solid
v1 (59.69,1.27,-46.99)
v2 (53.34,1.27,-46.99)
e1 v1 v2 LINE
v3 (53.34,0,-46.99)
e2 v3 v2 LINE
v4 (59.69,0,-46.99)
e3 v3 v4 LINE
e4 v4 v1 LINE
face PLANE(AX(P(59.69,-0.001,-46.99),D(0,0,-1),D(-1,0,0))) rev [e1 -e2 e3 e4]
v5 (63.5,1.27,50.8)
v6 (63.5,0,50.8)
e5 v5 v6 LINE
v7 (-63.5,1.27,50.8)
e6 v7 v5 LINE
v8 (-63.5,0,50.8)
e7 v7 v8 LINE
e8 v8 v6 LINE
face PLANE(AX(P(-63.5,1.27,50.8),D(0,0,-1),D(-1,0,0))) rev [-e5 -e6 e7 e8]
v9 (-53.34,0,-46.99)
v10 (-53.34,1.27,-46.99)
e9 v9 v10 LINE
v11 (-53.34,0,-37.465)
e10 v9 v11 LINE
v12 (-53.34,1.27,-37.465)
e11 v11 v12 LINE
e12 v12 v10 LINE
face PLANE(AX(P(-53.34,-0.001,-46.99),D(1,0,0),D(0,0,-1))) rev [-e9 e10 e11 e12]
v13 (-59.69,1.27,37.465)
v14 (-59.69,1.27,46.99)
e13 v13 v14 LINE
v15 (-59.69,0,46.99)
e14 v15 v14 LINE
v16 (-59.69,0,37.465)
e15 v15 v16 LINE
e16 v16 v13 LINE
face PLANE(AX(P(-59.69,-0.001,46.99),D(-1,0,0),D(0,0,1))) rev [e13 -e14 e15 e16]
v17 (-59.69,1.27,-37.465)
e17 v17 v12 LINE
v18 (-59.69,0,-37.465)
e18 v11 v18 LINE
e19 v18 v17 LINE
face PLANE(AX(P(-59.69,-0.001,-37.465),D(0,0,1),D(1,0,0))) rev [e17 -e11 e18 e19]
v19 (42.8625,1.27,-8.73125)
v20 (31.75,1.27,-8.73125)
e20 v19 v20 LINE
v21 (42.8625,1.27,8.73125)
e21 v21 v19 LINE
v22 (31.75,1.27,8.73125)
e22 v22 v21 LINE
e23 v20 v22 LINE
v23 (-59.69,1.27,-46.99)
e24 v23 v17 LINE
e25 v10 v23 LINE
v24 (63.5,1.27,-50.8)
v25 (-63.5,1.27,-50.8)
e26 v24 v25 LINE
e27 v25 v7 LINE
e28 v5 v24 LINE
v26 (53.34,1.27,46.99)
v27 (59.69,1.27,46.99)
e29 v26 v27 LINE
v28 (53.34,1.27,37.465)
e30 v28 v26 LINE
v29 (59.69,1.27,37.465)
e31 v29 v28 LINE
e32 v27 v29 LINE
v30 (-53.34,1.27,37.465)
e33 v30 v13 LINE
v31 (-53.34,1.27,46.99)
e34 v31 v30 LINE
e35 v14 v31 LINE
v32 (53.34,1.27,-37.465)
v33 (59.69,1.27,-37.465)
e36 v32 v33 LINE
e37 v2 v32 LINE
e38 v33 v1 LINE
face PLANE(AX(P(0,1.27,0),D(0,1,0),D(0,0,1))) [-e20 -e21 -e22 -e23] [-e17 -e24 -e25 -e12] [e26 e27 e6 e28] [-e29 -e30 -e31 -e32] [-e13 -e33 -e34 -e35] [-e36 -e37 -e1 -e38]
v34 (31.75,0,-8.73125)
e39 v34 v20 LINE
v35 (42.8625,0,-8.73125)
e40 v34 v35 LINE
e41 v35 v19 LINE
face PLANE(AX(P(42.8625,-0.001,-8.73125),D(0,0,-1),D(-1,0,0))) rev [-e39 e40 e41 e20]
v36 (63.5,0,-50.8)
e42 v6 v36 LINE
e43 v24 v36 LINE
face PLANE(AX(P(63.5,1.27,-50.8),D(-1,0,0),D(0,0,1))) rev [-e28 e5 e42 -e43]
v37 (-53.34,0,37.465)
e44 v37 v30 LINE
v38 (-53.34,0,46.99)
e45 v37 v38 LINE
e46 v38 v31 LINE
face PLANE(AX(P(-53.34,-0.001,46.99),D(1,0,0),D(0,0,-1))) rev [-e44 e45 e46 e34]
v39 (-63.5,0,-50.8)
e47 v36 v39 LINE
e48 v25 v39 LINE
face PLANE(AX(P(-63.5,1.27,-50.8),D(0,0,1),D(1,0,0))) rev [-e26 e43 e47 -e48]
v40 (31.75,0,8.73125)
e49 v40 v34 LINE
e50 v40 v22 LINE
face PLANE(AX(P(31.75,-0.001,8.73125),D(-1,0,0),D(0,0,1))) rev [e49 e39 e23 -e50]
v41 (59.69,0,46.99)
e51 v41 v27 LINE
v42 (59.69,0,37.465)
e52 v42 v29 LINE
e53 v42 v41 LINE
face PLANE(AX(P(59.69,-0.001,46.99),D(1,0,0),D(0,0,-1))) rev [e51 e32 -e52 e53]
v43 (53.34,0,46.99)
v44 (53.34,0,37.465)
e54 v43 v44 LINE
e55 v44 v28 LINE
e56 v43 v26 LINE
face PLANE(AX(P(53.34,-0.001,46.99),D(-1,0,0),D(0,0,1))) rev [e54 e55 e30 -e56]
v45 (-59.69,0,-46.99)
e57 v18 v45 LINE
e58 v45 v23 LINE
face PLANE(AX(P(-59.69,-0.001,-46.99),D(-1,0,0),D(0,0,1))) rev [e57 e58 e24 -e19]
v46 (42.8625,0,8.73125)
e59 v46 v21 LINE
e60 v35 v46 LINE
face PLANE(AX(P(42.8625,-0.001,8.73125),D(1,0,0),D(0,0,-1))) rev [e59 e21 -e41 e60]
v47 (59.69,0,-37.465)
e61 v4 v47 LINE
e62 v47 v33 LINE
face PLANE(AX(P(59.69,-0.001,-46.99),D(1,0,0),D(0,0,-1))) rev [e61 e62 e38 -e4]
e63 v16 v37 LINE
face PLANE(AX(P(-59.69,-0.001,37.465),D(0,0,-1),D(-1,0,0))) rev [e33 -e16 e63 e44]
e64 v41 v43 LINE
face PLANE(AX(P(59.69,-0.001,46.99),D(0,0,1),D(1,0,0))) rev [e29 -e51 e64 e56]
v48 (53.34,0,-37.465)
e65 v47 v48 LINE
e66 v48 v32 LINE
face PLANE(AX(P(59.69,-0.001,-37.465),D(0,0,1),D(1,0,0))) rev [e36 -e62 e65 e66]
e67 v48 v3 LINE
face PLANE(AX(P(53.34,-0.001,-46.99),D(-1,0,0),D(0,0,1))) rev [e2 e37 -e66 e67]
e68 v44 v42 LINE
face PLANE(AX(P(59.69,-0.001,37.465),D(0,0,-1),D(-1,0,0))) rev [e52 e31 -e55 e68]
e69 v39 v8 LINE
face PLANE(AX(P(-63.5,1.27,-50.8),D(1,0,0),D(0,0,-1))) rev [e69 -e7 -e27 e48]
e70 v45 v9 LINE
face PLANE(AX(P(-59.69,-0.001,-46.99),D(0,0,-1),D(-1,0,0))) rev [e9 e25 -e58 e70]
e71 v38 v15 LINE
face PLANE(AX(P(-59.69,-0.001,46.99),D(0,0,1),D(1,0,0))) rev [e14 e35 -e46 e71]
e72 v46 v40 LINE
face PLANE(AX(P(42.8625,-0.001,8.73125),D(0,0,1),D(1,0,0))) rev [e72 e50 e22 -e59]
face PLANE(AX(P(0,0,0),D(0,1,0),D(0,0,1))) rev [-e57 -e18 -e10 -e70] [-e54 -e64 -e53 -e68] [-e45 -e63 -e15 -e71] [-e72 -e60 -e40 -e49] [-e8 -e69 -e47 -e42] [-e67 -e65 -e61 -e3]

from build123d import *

# Parameters (mm, degrees)
SKETCH1_W           = 127
SKETCH1_H           = 101.6
BOSS_EXTRUDE1_DEPTH = 1.27
CUT_EXTRUDE1_REACH  = 83.33
SKETCH2_W           = 6.35
SKETCH2_H           = 9.525
CUT_EXTRUDE2_REACH  = 83.33
SKETCH3_W           = 11.1125
SKETCH3_H           = 17.4625


with BuildPart() as part:
    # Sketch1 → Boss-Extrude1 (new body)
    with BuildSketch(Plane(origin=(0, 0, 0), x_dir=(1, 0, 0), z_dir=(0, 1, 0))):
        Rectangle(SKETCH1_W, SKETCH1_H)
    extrude(amount=BOSS_EXTRUDE1_DEPTH)

    # Sketch2 → Cut-Extrude1 (cut, up to next)
    with BuildSketch(Plane(origin=(0, 1.27, 0), x_dir=(1, 0, 0), z_dir=(0, 1, 0)), mode=Mode.PRIVATE) as cut_extrude1_sk1:
        with Locations((-56.515, 42.2275)):
            Rectangle(SKETCH2_W, SKETCH2_H)
    cut_extrude1_tool1 = extrude(cut_extrude1_sk1.sketch, amount=-CUT_EXTRUDE1_REACH, mode=Mode.PRIVATE) & part.part
    # Sketch2 → Cut-Extrude1 (cut, up to next)
    with BuildSketch(Plane(origin=(0, 1.27, 0), x_dir=(1, 0, 0), z_dir=(0, 1, 0)), mode=Mode.PRIVATE) as cut_extrude1_sk2:
        with Locations((56.515, 42.2275)):
            Rectangle(SKETCH2_W, SKETCH2_H)
    cut_extrude1_tool2 = extrude(cut_extrude1_sk2.sketch, amount=-CUT_EXTRUDE1_REACH, mode=Mode.PRIVATE) & part.part
    # Sketch2 → Cut-Extrude1 (cut, up to next)
    with BuildSketch(Plane(origin=(0, 1.27, 0), x_dir=(1, 0, 0), z_dir=(0, 1, 0)), mode=Mode.PRIVATE) as cut_extrude1_sk3:
        with Locations((56.515, -42.2275)):
            Rectangle(SKETCH2_W, SKETCH2_H)
    cut_extrude1_tool3 = extrude(cut_extrude1_sk3.sketch, amount=-CUT_EXTRUDE1_REACH, mode=Mode.PRIVATE) & part.part
    # Sketch2 → Cut-Extrude1 (cut, up to next)
    with BuildSketch(Plane(origin=(0, 1.27, 0), x_dir=(1, 0, 0), z_dir=(0, 1, 0)), mode=Mode.PRIVATE) as cut_extrude1_sk4:
        with Locations((-56.515, -42.2275)):
            Rectangle(SKETCH2_W, SKETCH2_H)
    cut_extrude1_tool4 = extrude(cut_extrude1_sk4.sketch, amount=-CUT_EXTRUDE1_REACH, mode=Mode.PRIVATE) & part.part
    add(cut_extrude1_tool1.solids().sort_by_distance((-56.515, 1.27, -42.2275))[0], mode=Mode.SUBTRACT)
    add(cut_extrude1_tool2.solids().sort_by_distance((56.515, 1.27, -42.2275))[0], mode=Mode.SUBTRACT)
    add(cut_extrude1_tool3.solids().sort_by_distance((56.515, 1.27, 42.2275))[0], mode=Mode.SUBTRACT)
    add(cut_extrude1_tool4.solids().sort_by_distance((-56.515, 1.27, 42.2275))[0], mode=Mode.SUBTRACT)

    # Sketch3 → Cut-Extrude2 (cut, up to next)
    with BuildSketch(Plane(origin=(0, 1.27, 0), x_dir=(1, 0, 0), z_dir=(0, 1, 0)), mode=Mode.PRIVATE) as cut_extrude2_sk1:
        with Locations((37.30625, 0)):
            Rectangle(SKETCH3_W, SKETCH3_H)
    cut_extrude2_tool1 = extrude(cut_extrude2_sk1.sketch, amount=-CUT_EXTRUDE2_REACH, mode=Mode.PRIVATE) & part.part
    add(cut_extrude2_tool1.solids().sort_by_distance((37.30625, 1.27, 0))[0], mode=Mode.SUBTRACT)


solid = part.part
